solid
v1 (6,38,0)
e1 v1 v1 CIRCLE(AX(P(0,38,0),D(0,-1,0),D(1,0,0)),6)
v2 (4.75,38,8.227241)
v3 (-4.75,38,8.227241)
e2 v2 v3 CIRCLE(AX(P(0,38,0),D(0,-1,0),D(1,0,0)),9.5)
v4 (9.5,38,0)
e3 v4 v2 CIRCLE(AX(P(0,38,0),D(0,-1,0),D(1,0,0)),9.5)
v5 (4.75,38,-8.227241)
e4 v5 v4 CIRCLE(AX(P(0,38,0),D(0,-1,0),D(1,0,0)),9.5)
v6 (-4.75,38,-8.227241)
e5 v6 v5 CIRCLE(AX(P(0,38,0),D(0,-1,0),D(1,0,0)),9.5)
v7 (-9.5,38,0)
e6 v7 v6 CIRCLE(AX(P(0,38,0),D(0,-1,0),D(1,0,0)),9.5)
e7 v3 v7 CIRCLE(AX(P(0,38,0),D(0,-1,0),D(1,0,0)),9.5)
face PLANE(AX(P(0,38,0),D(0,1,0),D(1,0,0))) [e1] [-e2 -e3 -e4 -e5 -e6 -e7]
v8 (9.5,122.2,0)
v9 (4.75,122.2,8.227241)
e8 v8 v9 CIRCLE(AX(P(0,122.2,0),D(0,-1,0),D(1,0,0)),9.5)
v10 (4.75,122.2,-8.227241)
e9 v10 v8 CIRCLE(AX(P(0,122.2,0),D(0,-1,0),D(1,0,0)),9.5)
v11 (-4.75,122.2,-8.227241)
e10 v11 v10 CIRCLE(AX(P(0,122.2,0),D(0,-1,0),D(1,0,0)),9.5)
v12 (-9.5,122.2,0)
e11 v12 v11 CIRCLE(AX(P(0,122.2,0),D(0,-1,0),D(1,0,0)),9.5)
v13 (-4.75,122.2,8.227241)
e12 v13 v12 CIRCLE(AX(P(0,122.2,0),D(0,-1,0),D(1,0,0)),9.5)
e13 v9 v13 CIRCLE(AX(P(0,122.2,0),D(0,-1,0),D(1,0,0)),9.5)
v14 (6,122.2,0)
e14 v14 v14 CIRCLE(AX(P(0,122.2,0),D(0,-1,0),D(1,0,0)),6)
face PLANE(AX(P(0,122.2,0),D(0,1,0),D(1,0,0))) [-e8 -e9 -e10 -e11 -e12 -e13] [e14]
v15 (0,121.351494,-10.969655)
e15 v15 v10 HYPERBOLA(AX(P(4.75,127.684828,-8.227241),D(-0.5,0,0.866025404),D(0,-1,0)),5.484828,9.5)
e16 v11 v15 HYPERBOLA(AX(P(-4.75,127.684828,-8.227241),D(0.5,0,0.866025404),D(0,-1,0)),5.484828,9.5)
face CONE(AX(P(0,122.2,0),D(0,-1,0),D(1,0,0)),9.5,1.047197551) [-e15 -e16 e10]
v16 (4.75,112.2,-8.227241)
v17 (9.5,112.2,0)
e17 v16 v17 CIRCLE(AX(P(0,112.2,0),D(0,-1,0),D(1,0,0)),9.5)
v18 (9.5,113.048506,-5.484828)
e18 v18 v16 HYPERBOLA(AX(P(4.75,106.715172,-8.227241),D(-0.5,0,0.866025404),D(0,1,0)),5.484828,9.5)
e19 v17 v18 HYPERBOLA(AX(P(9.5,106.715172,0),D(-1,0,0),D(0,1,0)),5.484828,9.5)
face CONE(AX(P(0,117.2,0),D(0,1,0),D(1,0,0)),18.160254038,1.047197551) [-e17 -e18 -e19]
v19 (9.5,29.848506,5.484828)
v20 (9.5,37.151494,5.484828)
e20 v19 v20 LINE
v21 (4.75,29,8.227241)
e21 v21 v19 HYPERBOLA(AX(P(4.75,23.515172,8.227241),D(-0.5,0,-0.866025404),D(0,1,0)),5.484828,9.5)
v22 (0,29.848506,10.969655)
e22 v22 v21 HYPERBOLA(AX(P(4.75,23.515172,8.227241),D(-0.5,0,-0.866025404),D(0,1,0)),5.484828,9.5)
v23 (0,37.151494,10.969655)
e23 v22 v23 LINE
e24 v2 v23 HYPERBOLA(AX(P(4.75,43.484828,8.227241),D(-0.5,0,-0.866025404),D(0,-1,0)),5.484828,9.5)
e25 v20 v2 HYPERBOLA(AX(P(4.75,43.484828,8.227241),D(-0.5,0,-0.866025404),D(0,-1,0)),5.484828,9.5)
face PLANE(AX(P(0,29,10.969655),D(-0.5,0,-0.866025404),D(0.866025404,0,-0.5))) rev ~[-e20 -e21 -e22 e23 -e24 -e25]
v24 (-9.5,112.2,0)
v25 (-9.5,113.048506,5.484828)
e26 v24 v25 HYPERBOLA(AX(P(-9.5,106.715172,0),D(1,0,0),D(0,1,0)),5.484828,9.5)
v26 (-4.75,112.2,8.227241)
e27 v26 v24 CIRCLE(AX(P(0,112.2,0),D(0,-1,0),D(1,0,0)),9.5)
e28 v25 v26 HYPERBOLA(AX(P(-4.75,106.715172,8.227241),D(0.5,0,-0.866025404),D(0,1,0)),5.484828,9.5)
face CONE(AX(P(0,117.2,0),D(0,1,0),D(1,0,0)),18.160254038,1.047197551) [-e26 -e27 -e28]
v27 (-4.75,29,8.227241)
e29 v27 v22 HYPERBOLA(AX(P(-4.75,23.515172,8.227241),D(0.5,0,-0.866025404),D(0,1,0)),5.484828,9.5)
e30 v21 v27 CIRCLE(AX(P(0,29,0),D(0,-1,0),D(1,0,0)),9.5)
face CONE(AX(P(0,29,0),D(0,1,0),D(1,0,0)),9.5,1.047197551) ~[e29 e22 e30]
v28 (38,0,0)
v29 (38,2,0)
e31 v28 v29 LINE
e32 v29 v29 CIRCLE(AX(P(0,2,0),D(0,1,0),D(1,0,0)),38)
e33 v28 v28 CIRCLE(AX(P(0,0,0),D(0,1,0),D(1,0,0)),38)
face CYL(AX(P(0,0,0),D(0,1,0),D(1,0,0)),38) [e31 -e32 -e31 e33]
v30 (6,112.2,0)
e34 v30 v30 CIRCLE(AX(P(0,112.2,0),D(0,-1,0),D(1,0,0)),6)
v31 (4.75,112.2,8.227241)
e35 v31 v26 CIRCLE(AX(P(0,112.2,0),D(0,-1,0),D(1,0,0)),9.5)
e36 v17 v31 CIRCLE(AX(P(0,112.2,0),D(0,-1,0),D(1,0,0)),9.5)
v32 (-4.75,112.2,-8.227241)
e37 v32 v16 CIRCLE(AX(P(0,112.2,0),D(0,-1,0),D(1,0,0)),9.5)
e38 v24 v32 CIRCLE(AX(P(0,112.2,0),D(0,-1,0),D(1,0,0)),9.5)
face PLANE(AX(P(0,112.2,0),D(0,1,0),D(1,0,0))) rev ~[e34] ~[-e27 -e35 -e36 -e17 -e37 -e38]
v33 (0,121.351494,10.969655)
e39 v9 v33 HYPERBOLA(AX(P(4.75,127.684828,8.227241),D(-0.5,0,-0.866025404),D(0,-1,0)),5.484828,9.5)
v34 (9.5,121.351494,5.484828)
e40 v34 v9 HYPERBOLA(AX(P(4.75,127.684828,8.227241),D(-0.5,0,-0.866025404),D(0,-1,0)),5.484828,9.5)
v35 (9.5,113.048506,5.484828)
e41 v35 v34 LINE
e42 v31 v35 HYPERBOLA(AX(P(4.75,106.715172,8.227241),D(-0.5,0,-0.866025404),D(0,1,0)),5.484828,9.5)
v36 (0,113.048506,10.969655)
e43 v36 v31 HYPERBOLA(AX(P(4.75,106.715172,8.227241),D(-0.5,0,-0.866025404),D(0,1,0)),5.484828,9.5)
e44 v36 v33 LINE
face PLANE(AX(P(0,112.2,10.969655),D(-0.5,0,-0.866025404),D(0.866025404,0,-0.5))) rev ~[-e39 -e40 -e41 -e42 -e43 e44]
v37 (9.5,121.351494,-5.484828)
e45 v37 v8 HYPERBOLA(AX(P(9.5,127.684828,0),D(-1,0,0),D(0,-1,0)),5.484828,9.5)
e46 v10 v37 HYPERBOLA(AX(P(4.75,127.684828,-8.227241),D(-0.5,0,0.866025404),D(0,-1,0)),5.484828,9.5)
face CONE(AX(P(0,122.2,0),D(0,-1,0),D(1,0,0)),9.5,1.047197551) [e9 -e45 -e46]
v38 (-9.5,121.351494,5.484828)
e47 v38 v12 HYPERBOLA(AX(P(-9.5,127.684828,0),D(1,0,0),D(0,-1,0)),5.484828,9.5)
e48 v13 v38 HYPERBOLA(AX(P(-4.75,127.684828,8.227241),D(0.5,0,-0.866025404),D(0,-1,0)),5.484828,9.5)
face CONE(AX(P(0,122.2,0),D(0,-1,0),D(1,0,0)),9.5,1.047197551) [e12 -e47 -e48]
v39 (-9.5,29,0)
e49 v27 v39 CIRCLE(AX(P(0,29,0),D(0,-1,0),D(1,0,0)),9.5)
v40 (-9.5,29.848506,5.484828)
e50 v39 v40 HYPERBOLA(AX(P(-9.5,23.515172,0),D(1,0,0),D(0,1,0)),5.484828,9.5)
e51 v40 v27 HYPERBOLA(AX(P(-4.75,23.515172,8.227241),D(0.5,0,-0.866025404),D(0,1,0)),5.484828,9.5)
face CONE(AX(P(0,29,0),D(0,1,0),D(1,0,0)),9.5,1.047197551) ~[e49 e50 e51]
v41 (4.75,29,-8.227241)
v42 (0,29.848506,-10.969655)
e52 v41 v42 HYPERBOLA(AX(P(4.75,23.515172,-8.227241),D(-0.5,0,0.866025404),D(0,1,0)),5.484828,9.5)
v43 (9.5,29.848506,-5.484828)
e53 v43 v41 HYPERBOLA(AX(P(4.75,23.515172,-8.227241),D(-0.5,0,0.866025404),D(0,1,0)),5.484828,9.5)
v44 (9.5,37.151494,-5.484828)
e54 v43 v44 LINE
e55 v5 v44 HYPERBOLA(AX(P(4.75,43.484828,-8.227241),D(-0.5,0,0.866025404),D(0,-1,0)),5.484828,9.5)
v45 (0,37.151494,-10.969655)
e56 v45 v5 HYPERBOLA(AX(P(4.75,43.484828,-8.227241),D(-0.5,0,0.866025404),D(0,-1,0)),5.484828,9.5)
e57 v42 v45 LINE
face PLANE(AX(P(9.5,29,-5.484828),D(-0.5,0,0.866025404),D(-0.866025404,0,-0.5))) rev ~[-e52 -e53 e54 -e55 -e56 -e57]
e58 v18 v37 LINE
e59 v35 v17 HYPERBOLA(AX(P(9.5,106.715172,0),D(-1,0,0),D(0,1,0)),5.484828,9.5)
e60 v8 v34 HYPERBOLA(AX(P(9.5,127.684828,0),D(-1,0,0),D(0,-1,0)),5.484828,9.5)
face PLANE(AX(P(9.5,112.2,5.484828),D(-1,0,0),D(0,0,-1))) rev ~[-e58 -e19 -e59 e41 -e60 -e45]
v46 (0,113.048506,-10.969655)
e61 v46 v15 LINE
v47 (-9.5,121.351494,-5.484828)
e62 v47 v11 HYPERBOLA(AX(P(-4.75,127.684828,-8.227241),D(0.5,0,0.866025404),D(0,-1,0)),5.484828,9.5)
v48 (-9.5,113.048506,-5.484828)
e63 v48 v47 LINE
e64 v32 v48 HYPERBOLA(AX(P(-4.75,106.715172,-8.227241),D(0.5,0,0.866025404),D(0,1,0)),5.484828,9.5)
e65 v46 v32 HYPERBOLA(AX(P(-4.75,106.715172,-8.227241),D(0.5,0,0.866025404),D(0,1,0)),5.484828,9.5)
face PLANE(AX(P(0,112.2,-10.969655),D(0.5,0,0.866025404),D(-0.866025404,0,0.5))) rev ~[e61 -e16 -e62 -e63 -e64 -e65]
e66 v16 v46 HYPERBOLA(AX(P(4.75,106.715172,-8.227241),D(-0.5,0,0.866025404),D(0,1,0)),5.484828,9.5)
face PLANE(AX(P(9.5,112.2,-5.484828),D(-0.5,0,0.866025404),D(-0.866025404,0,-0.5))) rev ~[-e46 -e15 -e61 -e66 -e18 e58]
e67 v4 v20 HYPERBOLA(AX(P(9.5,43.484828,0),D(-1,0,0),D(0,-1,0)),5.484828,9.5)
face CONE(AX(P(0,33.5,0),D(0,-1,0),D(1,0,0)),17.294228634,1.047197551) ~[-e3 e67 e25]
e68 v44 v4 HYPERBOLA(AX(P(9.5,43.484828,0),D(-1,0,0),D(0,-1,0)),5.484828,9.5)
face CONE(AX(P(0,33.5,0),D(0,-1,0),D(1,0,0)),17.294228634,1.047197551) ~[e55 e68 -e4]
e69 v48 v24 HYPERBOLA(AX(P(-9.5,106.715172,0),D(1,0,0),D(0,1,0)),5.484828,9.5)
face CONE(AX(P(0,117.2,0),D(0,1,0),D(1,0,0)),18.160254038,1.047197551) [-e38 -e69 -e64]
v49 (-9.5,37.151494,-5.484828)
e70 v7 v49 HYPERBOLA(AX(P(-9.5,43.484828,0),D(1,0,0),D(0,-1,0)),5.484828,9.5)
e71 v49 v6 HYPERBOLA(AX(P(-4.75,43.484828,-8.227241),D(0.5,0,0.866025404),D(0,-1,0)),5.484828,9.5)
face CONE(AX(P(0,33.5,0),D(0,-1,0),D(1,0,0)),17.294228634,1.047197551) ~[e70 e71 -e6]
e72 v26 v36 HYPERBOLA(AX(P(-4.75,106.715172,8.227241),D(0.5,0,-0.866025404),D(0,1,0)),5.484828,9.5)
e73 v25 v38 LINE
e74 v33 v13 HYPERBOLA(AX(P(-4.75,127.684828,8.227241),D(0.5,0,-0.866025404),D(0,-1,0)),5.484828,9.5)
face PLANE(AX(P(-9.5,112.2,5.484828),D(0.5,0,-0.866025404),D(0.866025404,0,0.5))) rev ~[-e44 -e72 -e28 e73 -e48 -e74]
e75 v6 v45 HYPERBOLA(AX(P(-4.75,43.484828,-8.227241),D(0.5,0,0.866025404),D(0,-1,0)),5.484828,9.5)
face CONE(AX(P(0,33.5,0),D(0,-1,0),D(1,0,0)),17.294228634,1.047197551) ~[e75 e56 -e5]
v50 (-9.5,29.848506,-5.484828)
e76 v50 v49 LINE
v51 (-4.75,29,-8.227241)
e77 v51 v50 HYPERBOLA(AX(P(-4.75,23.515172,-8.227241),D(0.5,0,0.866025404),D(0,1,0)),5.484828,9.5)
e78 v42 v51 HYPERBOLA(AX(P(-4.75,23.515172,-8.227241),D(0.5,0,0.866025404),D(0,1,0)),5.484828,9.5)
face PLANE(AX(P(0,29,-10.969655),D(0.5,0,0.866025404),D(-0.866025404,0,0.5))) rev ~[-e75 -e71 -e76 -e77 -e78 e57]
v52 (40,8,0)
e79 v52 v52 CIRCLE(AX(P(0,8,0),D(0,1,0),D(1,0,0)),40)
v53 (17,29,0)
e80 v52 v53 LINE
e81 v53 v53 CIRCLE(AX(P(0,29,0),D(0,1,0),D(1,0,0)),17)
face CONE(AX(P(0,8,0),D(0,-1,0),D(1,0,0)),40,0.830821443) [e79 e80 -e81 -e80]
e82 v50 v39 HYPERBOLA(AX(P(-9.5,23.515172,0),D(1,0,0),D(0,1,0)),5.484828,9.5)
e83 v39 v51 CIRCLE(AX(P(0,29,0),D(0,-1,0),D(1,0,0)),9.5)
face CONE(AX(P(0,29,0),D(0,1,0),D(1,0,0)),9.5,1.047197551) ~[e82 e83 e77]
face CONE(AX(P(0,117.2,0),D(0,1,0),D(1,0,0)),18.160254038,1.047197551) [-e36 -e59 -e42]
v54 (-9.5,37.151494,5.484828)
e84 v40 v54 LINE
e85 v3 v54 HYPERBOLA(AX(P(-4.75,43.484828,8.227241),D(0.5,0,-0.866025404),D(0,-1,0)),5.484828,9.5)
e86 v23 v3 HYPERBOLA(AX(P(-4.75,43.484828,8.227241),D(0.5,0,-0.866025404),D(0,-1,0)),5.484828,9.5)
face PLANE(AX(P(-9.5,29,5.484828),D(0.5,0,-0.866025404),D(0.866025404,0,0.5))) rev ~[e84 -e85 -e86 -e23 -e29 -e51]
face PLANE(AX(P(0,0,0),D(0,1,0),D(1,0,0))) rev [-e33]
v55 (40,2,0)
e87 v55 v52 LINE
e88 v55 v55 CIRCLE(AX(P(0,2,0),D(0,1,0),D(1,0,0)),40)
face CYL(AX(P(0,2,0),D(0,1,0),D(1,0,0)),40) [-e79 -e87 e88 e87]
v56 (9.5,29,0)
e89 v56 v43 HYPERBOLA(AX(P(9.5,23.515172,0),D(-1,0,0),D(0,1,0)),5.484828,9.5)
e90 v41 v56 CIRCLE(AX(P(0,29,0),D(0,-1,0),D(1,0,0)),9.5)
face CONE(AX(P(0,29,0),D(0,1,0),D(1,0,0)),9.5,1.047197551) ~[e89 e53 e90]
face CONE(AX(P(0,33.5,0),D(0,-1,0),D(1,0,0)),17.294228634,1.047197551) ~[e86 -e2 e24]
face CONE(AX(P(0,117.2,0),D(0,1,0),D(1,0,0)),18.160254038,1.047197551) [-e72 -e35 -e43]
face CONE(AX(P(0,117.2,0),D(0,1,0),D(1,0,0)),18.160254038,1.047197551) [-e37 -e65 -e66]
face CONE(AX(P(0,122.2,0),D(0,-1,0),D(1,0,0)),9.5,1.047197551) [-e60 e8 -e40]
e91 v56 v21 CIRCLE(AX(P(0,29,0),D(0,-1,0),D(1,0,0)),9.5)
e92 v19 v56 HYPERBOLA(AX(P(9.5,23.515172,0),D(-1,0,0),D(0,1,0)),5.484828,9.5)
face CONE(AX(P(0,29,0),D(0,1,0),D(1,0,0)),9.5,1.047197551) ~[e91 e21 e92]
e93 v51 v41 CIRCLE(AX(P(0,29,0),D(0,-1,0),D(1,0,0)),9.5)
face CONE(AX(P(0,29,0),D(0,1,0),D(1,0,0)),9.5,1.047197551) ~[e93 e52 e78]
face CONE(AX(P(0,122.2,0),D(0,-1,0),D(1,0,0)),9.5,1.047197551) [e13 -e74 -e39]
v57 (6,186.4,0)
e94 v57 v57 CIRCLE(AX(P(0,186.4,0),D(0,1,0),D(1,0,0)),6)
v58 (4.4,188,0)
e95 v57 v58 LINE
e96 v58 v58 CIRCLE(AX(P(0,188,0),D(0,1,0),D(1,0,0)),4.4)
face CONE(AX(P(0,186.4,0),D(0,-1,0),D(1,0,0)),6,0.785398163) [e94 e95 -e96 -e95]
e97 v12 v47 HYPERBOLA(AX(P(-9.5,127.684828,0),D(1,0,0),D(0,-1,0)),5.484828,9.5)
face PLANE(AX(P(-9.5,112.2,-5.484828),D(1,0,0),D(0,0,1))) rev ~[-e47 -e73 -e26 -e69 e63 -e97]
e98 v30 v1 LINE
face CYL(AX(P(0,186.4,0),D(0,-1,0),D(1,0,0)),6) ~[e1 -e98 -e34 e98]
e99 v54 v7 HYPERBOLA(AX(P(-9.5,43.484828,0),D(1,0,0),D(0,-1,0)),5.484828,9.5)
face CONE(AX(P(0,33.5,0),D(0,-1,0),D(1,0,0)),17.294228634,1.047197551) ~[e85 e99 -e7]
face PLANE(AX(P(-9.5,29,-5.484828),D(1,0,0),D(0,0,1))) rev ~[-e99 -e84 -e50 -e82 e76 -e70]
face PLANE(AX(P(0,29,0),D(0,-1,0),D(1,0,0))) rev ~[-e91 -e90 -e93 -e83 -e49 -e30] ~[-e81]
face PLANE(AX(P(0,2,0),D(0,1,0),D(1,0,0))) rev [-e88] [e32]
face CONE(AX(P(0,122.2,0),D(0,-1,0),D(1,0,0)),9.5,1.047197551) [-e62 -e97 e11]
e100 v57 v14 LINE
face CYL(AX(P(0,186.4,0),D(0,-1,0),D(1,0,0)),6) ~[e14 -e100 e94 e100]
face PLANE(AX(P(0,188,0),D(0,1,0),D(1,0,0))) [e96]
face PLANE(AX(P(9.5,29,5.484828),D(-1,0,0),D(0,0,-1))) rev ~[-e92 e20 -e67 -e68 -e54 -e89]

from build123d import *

# Parameters (mm, degrees)
EXTRUDE_1_DEPTH = 9
EXTRUDE_2_DEPTH = 10


with BuildPart() as part:
    # Эскиз1 → Повернуть1 (revolve)
    with BuildSketch(Plane.XY, mode=Mode.PRIVATE) as revolve_1_sk:
        Polygon((0, 0), (-38, 0), (-38, 2), (-40, 2), (-40, 8), (-17, 29), (-6, 29), (-6, 38), (-6, 186.4), (-4.4, 188), (0, 188), align=None)
    revolve(revolve_1_sk.sketch.rotate(Axis((0, 0, 0), (0, 1, 0)), 180), axis=Axis((0, 0, 0), (0, 1, 0)))  # turned: the seam where the file's is

    # Эскиз2 → Бобышка-Вытянуть1 (add)
    with BuildSketch(Plane(origin=(0, 29, 0), x_dir=(1, 0, 0), z_dir=(0, 1, 0))):
        Polygon((0, 10.969655115), (-9.5, 5.484827557), (-9.5, -5.484827557), (0, -10.969655115), (9.5, -5.484827557), (9.5, 5.484827557), align=None)
    extrude(amount=EXTRUDE_1_DEPTH)

    # Эскиз3 → Бобышка-Вытянуть2 (add)
    with BuildSketch(Plane(origin=(0, 112.2, 0), x_dir=(1, 0, 0), z_dir=(0, 1, 0))):
        Polygon((9.5, 5.484827557), (0, 10.969655115), (-9.5, 5.484827557), (-9.5, -5.484827557), (0, -10.969655115), (9.5, -5.484827557), align=None)
    extrude(amount=EXTRUDE_2_DEPTH)

    # Эскиз4 → Вырез-Повернуть2 (revolve, cut)
    with BuildSketch(Plane.XY, mode=Mode.PRIVATE) as cut_revolve_2_sk:
        Polygon((-18.160254038, 122.2), (-9.5, 122.2), (-18.160254038, 117.2), align=None)
        Polygon((-18.160254038, 112.2), (-18.160254038, 117.2), (-9.5, 112.2), align=None)
        Polygon((-17.294228634, 38), (-17.294228634, 33.5), (-9.5, 38), align=None)
        Polygon((-17.294228634, 33.5), (-17.294228634, 29), (-9.5, 29), align=None)
    revolve(cut_revolve_2_sk.sketch.rotate(Axis((0, 188, 0), (0, -1, 0)), 180), axis=Axis((0, 188, 0), (0, -1, 0)), mode=Mode.SUBTRACT)  # turned: the seam where the file's is


solid = part.part
